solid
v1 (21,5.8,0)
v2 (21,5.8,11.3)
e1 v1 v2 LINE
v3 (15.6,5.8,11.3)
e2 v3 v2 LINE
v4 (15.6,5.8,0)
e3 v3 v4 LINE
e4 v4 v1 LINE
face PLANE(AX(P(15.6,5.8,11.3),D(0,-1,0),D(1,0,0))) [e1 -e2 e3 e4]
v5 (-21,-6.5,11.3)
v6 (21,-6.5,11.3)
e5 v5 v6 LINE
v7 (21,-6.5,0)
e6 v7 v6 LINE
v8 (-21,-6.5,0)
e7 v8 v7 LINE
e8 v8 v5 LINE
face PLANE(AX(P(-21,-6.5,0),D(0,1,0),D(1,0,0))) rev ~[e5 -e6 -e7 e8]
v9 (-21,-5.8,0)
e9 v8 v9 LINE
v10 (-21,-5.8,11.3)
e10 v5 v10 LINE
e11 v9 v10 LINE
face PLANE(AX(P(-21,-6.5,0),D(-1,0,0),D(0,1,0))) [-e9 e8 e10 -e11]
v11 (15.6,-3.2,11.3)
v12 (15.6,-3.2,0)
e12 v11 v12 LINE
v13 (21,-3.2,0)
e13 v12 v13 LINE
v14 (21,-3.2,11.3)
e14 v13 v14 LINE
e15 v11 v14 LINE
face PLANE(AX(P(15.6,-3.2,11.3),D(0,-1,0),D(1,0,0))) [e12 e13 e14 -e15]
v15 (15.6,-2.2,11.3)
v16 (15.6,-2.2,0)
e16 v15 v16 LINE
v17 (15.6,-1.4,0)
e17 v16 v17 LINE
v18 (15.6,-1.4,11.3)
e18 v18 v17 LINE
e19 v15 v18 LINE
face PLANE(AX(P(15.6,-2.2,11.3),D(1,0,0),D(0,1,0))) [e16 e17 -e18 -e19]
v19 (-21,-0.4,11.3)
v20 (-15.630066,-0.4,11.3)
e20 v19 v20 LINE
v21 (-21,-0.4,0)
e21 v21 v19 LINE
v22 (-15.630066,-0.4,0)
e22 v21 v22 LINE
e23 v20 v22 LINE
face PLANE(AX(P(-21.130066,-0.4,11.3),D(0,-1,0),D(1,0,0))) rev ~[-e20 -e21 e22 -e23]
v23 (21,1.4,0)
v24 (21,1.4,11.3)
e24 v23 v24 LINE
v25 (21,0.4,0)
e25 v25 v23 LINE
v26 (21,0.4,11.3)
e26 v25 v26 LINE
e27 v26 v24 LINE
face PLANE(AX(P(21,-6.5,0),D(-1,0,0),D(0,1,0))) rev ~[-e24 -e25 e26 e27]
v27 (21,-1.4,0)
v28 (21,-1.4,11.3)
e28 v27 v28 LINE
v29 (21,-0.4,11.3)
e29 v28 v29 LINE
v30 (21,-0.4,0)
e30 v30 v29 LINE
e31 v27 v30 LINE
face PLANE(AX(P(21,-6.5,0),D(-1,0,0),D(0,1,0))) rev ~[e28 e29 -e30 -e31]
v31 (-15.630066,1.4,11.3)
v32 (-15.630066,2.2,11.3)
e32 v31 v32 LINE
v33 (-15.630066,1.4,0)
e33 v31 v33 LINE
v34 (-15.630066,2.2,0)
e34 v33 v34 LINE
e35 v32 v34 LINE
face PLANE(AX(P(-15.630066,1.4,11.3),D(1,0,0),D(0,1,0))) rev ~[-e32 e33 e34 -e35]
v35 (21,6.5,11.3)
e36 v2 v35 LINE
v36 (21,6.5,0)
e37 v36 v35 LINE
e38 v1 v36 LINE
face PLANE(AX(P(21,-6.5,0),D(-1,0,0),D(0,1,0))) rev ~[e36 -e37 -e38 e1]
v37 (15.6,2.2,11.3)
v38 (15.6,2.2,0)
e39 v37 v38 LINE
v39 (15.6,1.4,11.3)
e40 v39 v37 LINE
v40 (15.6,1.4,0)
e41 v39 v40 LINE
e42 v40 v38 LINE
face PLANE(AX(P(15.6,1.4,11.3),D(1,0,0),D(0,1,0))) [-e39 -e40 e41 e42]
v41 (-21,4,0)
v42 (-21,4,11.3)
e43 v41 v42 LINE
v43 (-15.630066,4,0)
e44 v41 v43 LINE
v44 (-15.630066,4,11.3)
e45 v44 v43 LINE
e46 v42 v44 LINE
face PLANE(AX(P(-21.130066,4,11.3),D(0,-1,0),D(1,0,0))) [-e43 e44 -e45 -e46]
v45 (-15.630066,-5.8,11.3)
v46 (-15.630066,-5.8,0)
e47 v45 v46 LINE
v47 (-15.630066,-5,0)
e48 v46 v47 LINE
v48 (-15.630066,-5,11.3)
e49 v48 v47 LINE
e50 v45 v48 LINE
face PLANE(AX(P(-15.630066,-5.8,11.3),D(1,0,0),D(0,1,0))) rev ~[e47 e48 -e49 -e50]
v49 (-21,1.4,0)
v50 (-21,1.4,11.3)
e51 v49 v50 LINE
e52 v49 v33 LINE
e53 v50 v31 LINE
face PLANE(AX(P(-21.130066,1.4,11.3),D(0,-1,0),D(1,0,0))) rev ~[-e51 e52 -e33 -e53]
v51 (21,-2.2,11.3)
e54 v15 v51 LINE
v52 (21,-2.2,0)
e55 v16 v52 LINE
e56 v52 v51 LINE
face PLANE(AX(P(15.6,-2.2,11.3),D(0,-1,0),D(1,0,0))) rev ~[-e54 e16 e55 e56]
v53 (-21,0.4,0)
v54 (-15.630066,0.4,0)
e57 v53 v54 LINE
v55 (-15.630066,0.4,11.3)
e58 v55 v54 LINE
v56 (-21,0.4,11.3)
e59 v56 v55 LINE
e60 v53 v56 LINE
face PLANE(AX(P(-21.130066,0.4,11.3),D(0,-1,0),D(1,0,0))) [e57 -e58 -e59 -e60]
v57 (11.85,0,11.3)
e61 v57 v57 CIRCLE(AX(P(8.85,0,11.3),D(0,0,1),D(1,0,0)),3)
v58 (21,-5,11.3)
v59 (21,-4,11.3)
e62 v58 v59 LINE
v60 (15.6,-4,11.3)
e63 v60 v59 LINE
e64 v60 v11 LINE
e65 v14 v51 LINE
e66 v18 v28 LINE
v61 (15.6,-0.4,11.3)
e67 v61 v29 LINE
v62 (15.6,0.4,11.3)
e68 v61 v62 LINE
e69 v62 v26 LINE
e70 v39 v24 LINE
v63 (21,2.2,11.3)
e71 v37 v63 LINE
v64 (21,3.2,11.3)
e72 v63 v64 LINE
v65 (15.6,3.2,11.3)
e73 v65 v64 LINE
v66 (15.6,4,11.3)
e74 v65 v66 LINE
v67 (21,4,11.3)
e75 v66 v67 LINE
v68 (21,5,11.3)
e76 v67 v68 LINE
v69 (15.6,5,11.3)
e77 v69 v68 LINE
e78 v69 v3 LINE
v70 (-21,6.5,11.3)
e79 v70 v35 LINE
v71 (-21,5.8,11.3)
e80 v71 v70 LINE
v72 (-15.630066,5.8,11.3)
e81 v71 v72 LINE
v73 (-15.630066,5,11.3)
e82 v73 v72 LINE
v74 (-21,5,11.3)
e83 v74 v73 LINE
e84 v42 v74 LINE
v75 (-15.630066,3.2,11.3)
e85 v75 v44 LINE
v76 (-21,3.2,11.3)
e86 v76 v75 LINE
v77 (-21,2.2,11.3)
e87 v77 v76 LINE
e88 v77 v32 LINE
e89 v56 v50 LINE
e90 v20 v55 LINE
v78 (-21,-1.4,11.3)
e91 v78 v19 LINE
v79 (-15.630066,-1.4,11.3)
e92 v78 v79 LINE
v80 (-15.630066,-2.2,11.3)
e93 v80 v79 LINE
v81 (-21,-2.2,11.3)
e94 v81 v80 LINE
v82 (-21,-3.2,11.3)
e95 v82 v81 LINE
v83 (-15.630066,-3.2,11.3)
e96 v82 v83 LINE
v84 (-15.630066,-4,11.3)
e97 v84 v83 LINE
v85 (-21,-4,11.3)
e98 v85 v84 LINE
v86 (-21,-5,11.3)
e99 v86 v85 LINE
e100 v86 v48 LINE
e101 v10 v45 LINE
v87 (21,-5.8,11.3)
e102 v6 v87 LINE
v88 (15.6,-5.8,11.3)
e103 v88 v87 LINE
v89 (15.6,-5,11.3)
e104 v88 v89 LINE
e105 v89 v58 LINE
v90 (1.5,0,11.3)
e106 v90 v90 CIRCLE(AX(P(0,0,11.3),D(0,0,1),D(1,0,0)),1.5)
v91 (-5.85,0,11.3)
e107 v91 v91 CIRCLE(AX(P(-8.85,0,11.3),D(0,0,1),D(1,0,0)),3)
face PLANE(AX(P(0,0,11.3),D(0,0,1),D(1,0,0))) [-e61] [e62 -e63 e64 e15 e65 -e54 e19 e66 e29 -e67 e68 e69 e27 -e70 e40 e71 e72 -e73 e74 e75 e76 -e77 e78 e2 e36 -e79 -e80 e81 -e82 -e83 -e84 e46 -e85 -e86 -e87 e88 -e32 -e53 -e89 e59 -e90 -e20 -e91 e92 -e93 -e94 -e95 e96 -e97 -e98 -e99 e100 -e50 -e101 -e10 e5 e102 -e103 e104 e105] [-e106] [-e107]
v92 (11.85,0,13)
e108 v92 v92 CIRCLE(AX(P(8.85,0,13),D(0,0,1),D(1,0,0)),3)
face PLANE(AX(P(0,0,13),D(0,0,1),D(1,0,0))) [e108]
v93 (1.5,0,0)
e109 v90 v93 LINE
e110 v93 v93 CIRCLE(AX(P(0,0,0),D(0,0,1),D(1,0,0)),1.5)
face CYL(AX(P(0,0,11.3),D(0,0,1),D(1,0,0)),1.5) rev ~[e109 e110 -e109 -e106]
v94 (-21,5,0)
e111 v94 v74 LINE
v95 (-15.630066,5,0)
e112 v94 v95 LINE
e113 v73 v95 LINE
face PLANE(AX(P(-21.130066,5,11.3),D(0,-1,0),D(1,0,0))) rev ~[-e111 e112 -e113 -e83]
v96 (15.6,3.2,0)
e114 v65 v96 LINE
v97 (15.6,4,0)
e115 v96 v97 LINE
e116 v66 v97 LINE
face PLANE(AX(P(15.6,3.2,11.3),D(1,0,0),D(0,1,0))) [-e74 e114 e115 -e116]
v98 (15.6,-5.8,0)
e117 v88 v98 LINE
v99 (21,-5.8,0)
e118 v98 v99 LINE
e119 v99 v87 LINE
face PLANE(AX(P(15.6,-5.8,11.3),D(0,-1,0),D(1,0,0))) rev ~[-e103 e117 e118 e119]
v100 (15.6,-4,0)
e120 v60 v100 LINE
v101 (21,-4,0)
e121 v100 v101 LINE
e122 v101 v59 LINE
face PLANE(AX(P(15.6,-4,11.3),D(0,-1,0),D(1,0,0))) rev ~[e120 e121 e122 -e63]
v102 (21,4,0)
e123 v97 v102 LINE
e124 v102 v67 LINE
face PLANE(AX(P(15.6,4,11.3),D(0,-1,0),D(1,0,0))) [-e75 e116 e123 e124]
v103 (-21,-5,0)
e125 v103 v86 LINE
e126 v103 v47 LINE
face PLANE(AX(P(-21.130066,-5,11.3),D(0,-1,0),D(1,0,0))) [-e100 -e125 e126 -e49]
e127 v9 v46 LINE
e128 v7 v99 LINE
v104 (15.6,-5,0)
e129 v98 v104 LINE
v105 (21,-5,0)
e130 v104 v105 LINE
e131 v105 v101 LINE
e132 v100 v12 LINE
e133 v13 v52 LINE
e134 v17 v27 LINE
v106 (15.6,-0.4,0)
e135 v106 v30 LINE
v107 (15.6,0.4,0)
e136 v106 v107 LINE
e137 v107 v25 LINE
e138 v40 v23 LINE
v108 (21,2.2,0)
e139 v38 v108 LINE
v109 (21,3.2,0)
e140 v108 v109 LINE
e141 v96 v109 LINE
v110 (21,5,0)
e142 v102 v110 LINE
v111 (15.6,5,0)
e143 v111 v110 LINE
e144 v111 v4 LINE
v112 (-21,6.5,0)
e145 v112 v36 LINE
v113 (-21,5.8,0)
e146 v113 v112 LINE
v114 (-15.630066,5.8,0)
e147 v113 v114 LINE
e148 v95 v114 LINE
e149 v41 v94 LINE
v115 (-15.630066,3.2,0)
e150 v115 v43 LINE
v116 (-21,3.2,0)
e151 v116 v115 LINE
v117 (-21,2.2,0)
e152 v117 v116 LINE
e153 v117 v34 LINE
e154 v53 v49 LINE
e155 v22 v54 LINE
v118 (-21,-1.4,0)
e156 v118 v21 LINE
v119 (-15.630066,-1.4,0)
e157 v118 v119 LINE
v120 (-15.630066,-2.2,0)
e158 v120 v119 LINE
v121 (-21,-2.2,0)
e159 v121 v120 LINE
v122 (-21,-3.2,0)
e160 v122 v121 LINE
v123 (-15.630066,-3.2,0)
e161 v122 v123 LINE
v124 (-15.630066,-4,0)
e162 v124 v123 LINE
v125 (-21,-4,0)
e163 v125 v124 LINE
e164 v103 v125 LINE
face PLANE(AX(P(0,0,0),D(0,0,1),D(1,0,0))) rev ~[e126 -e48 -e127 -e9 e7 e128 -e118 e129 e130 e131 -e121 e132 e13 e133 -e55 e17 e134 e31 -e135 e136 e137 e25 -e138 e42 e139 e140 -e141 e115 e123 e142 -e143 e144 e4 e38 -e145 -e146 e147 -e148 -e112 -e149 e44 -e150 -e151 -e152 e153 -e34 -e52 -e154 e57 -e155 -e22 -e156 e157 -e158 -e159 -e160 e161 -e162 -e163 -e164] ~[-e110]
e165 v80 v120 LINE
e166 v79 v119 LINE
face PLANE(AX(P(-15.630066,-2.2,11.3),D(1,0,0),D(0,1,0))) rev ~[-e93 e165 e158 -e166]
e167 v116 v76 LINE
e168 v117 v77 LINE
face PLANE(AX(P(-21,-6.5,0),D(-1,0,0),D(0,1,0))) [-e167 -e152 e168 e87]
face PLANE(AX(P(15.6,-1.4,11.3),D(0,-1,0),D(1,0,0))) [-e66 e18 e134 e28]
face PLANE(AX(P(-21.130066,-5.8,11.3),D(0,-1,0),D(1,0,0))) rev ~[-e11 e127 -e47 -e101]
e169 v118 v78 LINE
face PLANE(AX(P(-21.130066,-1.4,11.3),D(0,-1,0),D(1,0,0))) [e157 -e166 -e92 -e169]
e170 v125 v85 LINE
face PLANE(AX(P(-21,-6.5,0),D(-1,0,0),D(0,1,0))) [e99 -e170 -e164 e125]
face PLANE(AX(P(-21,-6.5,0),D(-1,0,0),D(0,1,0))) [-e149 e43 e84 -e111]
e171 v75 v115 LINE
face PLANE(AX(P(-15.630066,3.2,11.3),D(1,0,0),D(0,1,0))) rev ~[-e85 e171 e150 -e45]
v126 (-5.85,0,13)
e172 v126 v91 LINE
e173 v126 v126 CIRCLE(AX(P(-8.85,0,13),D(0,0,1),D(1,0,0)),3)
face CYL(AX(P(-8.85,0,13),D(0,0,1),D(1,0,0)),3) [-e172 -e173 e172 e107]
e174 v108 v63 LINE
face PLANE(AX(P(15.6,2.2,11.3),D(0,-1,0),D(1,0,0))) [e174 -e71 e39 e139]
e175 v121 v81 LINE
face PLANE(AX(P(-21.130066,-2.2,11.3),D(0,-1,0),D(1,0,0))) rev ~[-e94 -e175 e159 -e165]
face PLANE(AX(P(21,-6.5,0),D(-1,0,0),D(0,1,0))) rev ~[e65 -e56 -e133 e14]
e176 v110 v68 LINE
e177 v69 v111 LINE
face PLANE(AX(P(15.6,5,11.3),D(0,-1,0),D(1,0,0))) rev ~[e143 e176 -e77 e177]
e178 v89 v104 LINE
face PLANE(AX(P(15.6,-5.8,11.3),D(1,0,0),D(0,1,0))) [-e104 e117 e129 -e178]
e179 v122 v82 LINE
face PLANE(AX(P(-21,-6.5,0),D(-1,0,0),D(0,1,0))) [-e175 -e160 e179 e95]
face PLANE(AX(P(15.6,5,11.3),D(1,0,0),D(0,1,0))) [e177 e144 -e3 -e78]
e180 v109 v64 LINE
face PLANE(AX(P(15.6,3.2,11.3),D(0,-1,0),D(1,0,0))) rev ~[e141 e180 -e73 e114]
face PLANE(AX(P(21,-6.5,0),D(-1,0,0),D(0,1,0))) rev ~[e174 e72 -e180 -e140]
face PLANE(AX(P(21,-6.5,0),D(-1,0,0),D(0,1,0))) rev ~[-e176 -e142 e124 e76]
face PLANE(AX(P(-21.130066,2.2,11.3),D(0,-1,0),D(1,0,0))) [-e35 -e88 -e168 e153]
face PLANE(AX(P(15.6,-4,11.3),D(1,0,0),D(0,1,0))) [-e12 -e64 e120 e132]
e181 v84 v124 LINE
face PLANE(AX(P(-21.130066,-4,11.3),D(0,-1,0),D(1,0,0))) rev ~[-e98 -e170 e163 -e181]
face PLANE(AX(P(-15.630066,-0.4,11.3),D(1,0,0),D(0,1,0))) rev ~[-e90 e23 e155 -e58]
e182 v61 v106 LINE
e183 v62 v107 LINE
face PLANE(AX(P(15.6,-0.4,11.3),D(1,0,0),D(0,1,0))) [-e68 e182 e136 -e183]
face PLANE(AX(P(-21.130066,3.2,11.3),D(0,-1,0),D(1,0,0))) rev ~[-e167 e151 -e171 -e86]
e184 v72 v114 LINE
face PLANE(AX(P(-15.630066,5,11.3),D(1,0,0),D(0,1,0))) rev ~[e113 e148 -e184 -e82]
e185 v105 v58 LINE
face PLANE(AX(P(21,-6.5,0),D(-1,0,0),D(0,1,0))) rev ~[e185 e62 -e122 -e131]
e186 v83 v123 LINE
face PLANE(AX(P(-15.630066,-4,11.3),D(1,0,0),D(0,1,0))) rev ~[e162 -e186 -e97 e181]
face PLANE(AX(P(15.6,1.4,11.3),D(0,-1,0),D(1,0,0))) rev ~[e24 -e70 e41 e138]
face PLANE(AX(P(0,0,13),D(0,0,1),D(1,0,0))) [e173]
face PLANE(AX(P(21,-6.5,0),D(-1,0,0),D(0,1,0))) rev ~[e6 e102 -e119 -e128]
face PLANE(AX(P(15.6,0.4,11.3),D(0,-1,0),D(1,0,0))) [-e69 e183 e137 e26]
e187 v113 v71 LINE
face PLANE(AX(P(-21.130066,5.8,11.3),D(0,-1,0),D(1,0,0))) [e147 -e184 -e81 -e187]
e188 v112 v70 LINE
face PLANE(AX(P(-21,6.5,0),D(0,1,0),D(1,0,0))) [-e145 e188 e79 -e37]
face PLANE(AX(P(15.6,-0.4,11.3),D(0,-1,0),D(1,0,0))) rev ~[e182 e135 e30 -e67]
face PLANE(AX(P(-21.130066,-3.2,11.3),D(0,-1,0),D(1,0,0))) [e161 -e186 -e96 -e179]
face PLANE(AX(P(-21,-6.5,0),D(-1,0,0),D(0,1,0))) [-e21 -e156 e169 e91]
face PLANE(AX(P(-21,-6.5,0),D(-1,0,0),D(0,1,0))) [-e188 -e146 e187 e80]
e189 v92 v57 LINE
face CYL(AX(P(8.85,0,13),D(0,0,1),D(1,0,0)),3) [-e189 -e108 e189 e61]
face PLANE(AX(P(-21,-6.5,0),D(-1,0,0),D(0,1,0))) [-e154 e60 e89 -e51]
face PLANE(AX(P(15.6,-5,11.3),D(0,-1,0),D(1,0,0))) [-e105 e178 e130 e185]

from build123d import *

# Parameters (mm, degrees)
F0_W     = 42
F0_H     = 13
F1_DEPTH = 13
F2_W     = 42
F2_H     = 13
F2_R     = 3
F3_DEPTH = 1.7
F4_W     = 5.5
F4_H     = 0.8
F5_DEPTH = 11.301
F7_R     = 1.5
F8_DEPTH = 11.301


with BuildPart() as f1:
    # F0 (on Top) → F1 (new body)
    with BuildSketch(Plane.XY):
        Rectangle(F0_W, F0_H)
    extrude(amount=F1_DEPTH)

    # F2 (on face) → F3 (cut)
    with BuildSketch(Plane.XY.offset(13)):
        Rectangle(F2_W, F2_H)
        with Locations((-8.85, 0)):
            Circle(F2_R, mode=Mode.SUBTRACT)
        with Locations((8.85, 0)):
            Circle(F2_R, mode=Mode.SUBTRACT)
    extrude(amount=-F3_DEPTH, mode=Mode.SUBTRACT)

    # F4 (on face) → F5 (cut, through all)
    with BuildSketch(Plane.XY.offset(11.3)):
        with Locations((18.35, 5.4)):
            Rectangle(F4_W, F4_H)
        with Locations((18.35, 3.6)):
            Rectangle(F4_W, F4_H)
        with Locations((18.35, 1.8)):
            Rectangle(F4_W, F4_H)
        with Locations((18.35, 0)):
            Rectangle(F4_W, F4_H)
        with Locations((18.35, -1.8)):
            Rectangle(F4_W, F4_H)
        with Locations((18.35, -3.6)):
            Rectangle(F4_W, F4_H)
        with Locations((18.35, -5.4)):
            Rectangle(F4_W, F4_H)
        with Locations((-18.380066, 5.4)):
            Rectangle(F4_W, F4_H)
        with Locations((-18.380066, 3.6)):
            Rectangle(F4_W, F4_H)
        with Locations((-18.380066, 1.8)):
            Rectangle(F4_W, F4_H)
        with Locations((-18.380066, 0)):
            Rectangle(F4_W, F4_H)
        with Locations((-18.380066, -1.8)):
            Rectangle(F4_W, F4_H)
        with Locations((-18.380066, -3.6)):
            Rectangle(F4_W, F4_H)
        with Locations((-18.380066, -5.4)):
            Rectangle(F4_W, F4_H)
    extrude(amount=-F5_DEPTH, mode=Mode.SUBTRACT)

    # F7 (on face) → F8 (cut, through all)
    with BuildSketch(Plane.XY.offset(11.3)):
        Circle(F7_R)
    extrude(amount=-F8_DEPTH, mode=Mode.SUBTRACT)


solid = f1.part
